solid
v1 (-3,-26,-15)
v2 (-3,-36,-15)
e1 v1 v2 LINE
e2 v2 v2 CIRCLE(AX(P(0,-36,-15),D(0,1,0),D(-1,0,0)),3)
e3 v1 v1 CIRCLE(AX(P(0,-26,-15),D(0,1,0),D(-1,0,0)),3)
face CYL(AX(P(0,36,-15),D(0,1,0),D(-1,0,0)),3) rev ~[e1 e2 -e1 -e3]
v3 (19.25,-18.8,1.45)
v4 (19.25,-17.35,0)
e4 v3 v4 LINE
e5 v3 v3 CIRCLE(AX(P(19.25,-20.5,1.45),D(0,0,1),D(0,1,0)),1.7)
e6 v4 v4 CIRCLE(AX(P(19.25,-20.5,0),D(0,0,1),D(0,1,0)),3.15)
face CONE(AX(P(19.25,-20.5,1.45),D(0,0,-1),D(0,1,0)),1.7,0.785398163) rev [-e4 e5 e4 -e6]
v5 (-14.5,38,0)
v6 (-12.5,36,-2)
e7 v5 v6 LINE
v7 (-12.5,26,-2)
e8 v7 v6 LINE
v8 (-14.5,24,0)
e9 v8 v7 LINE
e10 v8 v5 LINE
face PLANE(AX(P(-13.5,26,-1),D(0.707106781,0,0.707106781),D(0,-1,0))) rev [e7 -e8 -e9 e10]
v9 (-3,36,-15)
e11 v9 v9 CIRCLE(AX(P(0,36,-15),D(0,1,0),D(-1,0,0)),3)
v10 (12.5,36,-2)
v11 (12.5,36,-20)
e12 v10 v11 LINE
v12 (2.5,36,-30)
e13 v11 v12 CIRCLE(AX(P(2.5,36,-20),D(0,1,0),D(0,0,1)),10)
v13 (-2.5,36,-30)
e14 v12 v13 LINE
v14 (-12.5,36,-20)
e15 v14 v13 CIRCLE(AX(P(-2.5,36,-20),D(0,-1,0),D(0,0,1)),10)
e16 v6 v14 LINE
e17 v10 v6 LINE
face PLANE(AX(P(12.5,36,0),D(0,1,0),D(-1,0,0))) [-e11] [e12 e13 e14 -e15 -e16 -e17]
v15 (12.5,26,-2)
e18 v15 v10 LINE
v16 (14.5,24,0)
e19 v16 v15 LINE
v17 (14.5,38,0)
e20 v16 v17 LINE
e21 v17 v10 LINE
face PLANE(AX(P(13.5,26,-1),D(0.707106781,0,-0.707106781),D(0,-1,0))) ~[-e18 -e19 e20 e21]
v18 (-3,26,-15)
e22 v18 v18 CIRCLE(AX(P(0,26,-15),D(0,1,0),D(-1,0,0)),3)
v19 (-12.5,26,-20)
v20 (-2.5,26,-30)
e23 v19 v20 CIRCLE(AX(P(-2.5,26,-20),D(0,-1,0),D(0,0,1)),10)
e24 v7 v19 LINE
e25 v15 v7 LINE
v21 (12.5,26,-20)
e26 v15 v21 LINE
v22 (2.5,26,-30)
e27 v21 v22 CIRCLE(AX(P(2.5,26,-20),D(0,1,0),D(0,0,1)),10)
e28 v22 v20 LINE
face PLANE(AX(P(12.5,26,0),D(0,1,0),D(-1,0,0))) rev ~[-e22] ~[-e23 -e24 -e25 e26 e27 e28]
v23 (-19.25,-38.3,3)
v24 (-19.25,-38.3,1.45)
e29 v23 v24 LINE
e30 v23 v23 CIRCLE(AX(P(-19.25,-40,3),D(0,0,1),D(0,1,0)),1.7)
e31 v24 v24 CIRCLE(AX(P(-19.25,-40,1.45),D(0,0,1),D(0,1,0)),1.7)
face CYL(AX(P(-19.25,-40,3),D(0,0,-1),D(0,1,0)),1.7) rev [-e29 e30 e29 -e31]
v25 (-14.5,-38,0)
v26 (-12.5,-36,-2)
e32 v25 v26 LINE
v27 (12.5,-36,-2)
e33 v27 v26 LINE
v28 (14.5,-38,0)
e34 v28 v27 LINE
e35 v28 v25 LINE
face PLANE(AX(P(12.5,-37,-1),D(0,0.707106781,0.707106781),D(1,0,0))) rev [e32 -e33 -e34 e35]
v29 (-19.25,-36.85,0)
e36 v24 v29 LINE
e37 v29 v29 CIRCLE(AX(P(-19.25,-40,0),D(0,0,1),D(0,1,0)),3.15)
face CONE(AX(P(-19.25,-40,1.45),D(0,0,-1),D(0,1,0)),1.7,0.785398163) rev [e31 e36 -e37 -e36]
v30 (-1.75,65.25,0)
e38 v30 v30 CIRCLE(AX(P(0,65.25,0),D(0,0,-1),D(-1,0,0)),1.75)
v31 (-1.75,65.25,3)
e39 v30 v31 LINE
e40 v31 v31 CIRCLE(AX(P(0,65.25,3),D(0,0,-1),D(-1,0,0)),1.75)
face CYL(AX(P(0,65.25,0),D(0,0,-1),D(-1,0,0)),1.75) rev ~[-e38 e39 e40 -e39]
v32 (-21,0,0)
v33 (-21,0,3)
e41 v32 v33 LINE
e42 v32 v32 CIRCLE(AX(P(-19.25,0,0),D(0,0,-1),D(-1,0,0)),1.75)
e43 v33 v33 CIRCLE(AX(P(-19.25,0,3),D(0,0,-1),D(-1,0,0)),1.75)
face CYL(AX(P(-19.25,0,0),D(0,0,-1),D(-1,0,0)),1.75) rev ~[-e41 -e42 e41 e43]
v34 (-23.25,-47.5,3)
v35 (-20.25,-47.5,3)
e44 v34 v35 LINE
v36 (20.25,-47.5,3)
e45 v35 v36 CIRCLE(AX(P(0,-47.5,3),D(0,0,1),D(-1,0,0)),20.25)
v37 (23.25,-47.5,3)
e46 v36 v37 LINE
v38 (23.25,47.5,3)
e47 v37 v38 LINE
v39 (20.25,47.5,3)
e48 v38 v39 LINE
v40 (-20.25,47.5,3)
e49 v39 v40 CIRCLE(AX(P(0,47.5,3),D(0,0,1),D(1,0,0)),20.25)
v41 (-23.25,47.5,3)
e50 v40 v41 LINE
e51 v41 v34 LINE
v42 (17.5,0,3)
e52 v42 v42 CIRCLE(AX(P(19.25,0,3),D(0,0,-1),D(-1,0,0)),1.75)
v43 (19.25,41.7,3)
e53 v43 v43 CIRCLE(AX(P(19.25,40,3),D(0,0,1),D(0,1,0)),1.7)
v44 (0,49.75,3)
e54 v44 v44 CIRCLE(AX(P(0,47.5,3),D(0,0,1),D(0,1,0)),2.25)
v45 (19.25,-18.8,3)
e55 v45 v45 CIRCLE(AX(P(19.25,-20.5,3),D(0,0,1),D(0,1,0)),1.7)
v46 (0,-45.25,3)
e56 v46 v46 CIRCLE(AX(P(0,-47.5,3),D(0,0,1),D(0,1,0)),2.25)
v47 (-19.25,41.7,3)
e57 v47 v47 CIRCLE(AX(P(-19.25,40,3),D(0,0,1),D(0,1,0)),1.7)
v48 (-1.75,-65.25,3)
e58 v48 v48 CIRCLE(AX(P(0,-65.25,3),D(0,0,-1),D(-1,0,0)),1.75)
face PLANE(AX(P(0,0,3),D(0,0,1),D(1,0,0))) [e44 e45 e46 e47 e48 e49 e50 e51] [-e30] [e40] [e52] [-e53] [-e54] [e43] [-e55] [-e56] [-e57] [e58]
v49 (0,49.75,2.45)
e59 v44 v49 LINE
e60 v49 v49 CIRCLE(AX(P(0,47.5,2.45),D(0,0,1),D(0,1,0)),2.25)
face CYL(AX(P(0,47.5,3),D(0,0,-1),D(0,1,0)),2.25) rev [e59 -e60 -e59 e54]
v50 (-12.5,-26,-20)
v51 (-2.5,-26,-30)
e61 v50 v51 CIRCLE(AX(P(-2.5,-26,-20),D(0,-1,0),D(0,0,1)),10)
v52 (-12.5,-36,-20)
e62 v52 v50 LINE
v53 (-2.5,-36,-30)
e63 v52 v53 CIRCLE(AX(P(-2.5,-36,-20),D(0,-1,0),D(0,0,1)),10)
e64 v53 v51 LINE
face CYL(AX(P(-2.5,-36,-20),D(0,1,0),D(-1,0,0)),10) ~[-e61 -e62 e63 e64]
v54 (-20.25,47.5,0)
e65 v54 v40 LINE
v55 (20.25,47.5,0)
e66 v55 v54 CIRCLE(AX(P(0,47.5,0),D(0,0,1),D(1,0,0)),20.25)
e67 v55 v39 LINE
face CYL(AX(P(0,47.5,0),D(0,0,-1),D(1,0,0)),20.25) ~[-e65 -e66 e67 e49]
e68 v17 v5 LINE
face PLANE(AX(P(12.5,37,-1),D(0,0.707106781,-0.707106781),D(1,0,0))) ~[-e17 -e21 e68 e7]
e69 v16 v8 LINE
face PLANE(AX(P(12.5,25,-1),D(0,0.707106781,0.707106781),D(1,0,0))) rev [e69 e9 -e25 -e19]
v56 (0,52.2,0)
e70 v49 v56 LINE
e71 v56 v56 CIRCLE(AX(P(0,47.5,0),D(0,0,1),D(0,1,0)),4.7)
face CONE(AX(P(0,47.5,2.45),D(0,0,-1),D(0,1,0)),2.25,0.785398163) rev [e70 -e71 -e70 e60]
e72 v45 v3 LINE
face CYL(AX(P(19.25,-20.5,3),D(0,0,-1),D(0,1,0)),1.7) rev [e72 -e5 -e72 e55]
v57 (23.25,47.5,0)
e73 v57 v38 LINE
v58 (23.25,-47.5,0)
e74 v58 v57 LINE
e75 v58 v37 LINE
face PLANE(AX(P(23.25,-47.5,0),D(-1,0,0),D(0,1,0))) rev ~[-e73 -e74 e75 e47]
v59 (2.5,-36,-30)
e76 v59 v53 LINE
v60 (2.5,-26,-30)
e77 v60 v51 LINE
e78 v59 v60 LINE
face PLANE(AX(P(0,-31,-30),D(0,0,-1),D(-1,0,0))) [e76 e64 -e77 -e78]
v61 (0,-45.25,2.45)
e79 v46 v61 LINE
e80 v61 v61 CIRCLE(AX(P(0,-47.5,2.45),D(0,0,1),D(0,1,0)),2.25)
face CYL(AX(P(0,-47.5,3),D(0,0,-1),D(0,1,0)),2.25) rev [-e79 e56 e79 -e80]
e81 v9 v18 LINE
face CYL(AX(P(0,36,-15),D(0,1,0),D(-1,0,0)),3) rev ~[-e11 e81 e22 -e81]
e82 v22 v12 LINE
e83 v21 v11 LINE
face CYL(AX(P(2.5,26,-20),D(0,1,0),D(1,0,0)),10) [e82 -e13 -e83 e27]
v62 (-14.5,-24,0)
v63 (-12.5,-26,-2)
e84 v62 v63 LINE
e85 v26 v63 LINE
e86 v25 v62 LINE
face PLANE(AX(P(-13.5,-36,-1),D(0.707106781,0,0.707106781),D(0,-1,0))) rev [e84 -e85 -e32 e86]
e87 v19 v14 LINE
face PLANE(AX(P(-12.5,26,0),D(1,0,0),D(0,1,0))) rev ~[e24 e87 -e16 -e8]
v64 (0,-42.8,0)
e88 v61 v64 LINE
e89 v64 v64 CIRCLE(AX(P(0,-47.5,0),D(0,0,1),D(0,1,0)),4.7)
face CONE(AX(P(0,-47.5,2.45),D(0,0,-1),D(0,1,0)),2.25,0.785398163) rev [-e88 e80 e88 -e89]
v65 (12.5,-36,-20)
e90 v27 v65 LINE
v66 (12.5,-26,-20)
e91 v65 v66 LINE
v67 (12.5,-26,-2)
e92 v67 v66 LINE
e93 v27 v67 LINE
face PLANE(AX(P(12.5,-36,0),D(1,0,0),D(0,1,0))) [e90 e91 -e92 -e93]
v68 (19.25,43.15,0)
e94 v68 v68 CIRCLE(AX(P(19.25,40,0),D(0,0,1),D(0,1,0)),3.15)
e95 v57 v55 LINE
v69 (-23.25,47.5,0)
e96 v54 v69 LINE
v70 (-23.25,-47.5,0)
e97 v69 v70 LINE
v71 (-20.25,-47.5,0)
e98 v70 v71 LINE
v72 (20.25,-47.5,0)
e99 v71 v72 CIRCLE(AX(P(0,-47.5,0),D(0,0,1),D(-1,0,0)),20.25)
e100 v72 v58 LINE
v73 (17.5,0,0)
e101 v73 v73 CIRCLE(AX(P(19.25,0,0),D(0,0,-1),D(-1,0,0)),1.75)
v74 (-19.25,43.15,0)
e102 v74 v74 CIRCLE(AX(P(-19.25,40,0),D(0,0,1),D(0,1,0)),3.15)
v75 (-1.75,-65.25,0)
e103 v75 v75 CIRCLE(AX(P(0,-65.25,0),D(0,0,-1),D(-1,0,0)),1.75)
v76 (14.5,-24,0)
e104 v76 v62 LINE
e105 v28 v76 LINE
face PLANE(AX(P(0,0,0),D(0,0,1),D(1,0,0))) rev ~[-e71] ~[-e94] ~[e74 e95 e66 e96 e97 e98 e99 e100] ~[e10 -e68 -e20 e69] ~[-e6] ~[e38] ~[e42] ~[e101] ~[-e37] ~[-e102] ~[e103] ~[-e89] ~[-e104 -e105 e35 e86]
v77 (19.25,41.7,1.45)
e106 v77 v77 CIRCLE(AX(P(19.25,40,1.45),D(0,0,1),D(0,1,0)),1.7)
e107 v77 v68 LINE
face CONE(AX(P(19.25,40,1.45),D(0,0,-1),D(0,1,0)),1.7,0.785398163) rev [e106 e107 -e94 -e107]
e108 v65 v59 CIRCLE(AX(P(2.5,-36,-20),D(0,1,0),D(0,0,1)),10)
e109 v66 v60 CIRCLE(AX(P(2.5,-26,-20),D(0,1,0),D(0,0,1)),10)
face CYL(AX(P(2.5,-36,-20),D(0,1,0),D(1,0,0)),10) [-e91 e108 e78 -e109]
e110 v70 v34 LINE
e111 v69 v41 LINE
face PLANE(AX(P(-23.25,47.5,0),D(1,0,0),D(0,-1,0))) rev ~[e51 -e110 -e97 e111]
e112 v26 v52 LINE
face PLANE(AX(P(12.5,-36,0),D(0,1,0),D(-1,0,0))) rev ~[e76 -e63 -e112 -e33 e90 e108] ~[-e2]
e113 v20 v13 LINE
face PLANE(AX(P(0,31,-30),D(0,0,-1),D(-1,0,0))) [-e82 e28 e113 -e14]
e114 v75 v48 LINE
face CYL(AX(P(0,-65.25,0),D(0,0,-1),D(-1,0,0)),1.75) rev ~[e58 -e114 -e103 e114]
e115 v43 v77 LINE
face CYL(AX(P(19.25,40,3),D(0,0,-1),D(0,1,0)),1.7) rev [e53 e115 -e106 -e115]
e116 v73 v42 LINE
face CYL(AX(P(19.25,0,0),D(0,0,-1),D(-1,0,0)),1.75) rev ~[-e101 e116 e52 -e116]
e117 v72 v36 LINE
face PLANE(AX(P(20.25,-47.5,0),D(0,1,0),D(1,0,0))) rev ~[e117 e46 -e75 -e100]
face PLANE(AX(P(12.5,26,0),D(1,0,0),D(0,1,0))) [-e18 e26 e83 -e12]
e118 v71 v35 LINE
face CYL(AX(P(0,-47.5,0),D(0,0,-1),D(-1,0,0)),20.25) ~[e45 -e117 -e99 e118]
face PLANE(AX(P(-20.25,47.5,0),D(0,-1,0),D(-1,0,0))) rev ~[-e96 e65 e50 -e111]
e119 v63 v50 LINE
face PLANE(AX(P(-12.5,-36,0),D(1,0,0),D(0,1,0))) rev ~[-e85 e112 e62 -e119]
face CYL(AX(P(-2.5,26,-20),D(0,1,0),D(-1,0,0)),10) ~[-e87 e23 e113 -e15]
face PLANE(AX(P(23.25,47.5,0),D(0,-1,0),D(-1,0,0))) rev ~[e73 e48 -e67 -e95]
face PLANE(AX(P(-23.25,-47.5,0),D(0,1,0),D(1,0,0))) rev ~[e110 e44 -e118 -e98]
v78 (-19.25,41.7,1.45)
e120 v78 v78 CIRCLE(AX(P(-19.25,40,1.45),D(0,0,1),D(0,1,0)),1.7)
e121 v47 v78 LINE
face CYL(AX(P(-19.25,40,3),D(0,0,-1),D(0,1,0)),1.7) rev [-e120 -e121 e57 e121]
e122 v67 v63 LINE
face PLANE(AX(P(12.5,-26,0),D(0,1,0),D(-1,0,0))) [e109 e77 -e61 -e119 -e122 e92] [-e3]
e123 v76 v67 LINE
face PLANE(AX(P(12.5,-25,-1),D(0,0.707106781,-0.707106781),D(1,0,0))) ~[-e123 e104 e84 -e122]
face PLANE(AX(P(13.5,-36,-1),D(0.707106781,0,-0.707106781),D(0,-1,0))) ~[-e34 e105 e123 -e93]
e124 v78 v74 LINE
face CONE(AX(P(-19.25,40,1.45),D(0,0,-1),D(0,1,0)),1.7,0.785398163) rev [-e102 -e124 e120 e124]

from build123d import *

# Parameters (mm, degrees)
ESTRUSIONE_ESTRUSIONE1_DEPTH          = 3
FORO_SVASATO_PER_VITE_M4_1_AT_2_COUNT = 2
FORO_SVASATO_PER_VITE_M4_1_AT_2_PITCH = 95
FORO_SVASATO_PER_VITE_M3_1_AT_2_COUNT = 2
FORO_SVASATO_PER_VITE_M3_1_AT_2_PITCH = 60.5
FORO_SVASATO_PER_VITE_M3_1_AT_3_COUNT = 2
FORO_SVASATO_PER_VITE_M3_1_AT_3_PITCH = 88.782036471
FORO_SVASATO_PER_VITE_M3_1_AT_4_COUNT = 2
FORO_SVASATO_PER_VITE_M3_1_AT_4_PITCH = 38.5
TAGLIO_ESTRUSIONE2_REACH              = 73.691
SCHIZZO9_R                            = 1.75
SKETCH4_W                             = 25
SKETCH4_H                             = 10
BOSS_EXTRUDE3_DEPTH                   = 30
SKETCH6_R                             = 3
CUT_EXTRUDE2_DEPTH                    = 111.474544579
CHAMFER1_SIZE                         = 2
FILLET1_R                             = 10


with BuildPart() as part:
    # Schizzo1 → Estrusione-Estrusione1 (new body)
    with BuildSketch(Plane.XY):
        with BuildLine():
            Line((20.25, -47.5), (23.25, -47.5))
            Line((23.25, -47.5), (23.25, 47.5))
            Line((23.25, 47.5), (20.25, 47.5))
            ThreePointArc((20.25, 47.5), (0, 67.75), (-20.25, 47.5))
            Line((-20.25, 47.5), (-23.25, 47.5))
            Line((-23.25, 47.5), (-23.25, -47.5))
            Line((-23.25, -47.5), (-20.25, -47.5))
            ThreePointArc((-20.25, -47.5), (0, -67.75), (20.25, -47.5))
        make_face()
    extrude(amount=ESTRUSIONE_ESTRUSIONE1_DEPTH)

    # Schizzo5 → Foro svasato per Vite M4-1 (revolve, cut)
    with BuildSketch(Plane(origin=(0, 47.5, 0), x_dir=(0, 1, 0), z_dir=(1, 0, 0))):
        Polygon((0, 0), (0, 3), (2.25, 3), (2.25, 2.45), (4.7, 0), align=None)
    foro_svasato_per_vite_m4_1 = revolve(axis=Axis((0, 47.5, -6.35), (0, 0, 1)), mode=Mode.SUBTRACT)

    # Foro svasato per Vite M4-1 at 2: Foro svasato per Vite M4-1 ×2
    with Locations(*[(0, -i * FORO_SVASATO_PER_VITE_M4_1_AT_2_PITCH, 0) for i in range(1, FORO_SVASATO_PER_VITE_M4_1_AT_2_COUNT)]):
        add(foro_svasato_per_vite_m4_1, mode=Mode.SUBTRACT)

    # Schizzo8 → Foro svasato per Vite M3-1 (revolve, cut)
    with BuildSketch(Plane(origin=(19.25, 40, 0), x_dir=(0, 1, 0), z_dir=(1, 0, 0))):
        Polygon((0, 0), (0, 3), (1.7, 3), (1.7, 1.45), (3.15, 0), align=None)
    foro_svasato_per_vite_m3_1 = revolve(axis=Axis((19.25, 40, -6.35), (0, 0, 1)), mode=Mode.SUBTRACT)

    # Foro svasato per Vite M3-1 at 2: Foro svasato per Vite M3-1 ×2
    with Locations(*[(0, -i * FORO_SVASATO_PER_VITE_M3_1_AT_2_PITCH, 0) for i in range(1, FORO_SVASATO_PER_VITE_M3_1_AT_2_COUNT)]):
        add(foro_svasato_per_vite_m3_1, mode=Mode.SUBTRACT)

    # Foro svasato per Vite M3-1 at 3: Foro svasato per Vite M3-1 ×2
    with Locations(*[Vector(-0.43364628172754605, -0.9010831828104849, 0) * (i * FORO_SVASATO_PER_VITE_M3_1_AT_3_PITCH) for i in range(1, FORO_SVASATO_PER_VITE_M3_1_AT_3_COUNT)]):
        add(foro_svasato_per_vite_m3_1, mode=Mode.SUBTRACT)

    # Foro svasato per Vite M3-1 at 4: Foro svasato per Vite M3-1 ×2
    with Locations(*[(-i * FORO_SVASATO_PER_VITE_M3_1_AT_4_PITCH, 0, 0) for i in range(1, FORO_SVASATO_PER_VITE_M3_1_AT_4_COUNT)]):
        add(foro_svasato_per_vite_m3_1, mode=Mode.SUBTRACT)

    # Schizzo9 → Taglio-Estrusione2 (cut, up to next)
    with BuildSketch(Plane(origin=(0, 0, 0), x_dir=(-1, 0, 0), z_dir=(0, 0, -1)), mode=Mode.PRIVATE) as taglio_estrusione2_sk1:
        with Locations((-19.25, 0)):
            Circle(SCHIZZO9_R)
    taglio_estrusione2_tool1 = extrude(taglio_estrusione2_sk1.sketch, amount=-TAGLIO_ESTRUSIONE2_REACH, mode=Mode.PRIVATE) & part.part
    # Schizzo9 → Taglio-Estrusione2 (cut, up to next)
    with BuildSketch(Plane(origin=(0, 0, 0), x_dir=(-1, 0, 0), z_dir=(0, 0, -1)), mode=Mode.PRIVATE) as taglio_estrusione2_sk2:
        with Locations((19.25, 0)):
            Circle(SCHIZZO9_R)
    taglio_estrusione2_tool2 = extrude(taglio_estrusione2_sk2.sketch, amount=-TAGLIO_ESTRUSIONE2_REACH, mode=Mode.PRIVATE) & part.part
    # Schizzo9 → Taglio-Estrusione2 (cut, up to next)
    with BuildSketch(Plane(origin=(0, 0, 0), x_dir=(-1, 0, 0), z_dir=(0, 0, -1)), mode=Mode.PRIVATE) as taglio_estrusione2_sk3:
        with Locations((0, 65.25)):
            Circle(SCHIZZO9_R)
    taglio_estrusione2_tool3 = extrude(taglio_estrusione2_sk3.sketch, amount=-TAGLIO_ESTRUSIONE2_REACH, mode=Mode.PRIVATE) & part.part
    # Schizzo9 → Taglio-Estrusione2 (cut, up to next)
    with BuildSketch(Plane(origin=(0, 0, 0), x_dir=(-1, 0, 0), z_dir=(0, 0, -1)), mode=Mode.PRIVATE) as taglio_estrusione2_sk4:
        with Locations((0, -65.25)):
            Circle(SCHIZZO9_R)
    taglio_estrusione2_tool4 = extrude(taglio_estrusione2_sk4.sketch, amount=-TAGLIO_ESTRUSIONE2_REACH, mode=Mode.PRIVATE) & part.part
    add(taglio_estrusione2_tool1.solids().sort_by_distance((19.25, 0, 0))[0], mode=Mode.SUBTRACT)
    add(taglio_estrusione2_tool2.solids().sort_by_distance((-19.25, 0, 0))[0], mode=Mode.SUBTRACT)
    add(taglio_estrusione2_tool3.solids().sort_by_distance((0, 65.25, 0))[0], mode=Mode.SUBTRACT)
    add(taglio_estrusione2_tool4.solids().sort_by_distance((0, -65.25, 0))[0], mode=Mode.SUBTRACT)

    # Sketch4 → Boss-Extrude3 (add)
    with BuildSketch(Plane(origin=(0, 0, 0), x_dir=(-1, 0, 0), z_dir=(0, 0, -1))):
        with Locations((0, 31)):
            Rectangle(SKETCH4_W, SKETCH4_H)
        with Locations((0, -31)):
            Rectangle(SKETCH4_W, SKETCH4_H)
    extrude(amount=BOSS_EXTRUDE3_DEPTH)

    # Sketch6 → Cut-Extrude2 (cut, through all)
    with BuildSketch(Plane(origin=(0, 36, 0), x_dir=(1, 0, 0), z_dir=(0, 1, 0))):
        with Locations(Location((0, 15, 0), (0, 0, 180))):
            Circle(SKETCH6_R)
    extrude(amount=-CUT_EXTRUDE2_DEPTH, mode=Mode.SUBTRACT)

    # Chamfer1
    chamfer1_edges = [part.edges().sort_by_distance(p)[0] for p in [
        (-12.5, 31, 0),
        (0, 36, 0),
        (12.5, 31, 0),
        (0, 26, 0),
        (0, -26, 0),
        (12.5, -31, 0),
        (0, -36, 0),
        (-12.5, -31, 0),
    ]]
    chamfer(chamfer1_edges, length=CHAMFER1_SIZE)

    # Fillet1
    fillet1_edges = [part.edges().sort_by_distance(p)[0] for p in [
        (-12.5, -31, -30),
        (-12.5, 31, -30),
        (12.5, 31, -30),
        (12.5, -31, -30),
    ]]
    fillet(fillet1_edges, radius=FILLET1_R)


solid = part.part
